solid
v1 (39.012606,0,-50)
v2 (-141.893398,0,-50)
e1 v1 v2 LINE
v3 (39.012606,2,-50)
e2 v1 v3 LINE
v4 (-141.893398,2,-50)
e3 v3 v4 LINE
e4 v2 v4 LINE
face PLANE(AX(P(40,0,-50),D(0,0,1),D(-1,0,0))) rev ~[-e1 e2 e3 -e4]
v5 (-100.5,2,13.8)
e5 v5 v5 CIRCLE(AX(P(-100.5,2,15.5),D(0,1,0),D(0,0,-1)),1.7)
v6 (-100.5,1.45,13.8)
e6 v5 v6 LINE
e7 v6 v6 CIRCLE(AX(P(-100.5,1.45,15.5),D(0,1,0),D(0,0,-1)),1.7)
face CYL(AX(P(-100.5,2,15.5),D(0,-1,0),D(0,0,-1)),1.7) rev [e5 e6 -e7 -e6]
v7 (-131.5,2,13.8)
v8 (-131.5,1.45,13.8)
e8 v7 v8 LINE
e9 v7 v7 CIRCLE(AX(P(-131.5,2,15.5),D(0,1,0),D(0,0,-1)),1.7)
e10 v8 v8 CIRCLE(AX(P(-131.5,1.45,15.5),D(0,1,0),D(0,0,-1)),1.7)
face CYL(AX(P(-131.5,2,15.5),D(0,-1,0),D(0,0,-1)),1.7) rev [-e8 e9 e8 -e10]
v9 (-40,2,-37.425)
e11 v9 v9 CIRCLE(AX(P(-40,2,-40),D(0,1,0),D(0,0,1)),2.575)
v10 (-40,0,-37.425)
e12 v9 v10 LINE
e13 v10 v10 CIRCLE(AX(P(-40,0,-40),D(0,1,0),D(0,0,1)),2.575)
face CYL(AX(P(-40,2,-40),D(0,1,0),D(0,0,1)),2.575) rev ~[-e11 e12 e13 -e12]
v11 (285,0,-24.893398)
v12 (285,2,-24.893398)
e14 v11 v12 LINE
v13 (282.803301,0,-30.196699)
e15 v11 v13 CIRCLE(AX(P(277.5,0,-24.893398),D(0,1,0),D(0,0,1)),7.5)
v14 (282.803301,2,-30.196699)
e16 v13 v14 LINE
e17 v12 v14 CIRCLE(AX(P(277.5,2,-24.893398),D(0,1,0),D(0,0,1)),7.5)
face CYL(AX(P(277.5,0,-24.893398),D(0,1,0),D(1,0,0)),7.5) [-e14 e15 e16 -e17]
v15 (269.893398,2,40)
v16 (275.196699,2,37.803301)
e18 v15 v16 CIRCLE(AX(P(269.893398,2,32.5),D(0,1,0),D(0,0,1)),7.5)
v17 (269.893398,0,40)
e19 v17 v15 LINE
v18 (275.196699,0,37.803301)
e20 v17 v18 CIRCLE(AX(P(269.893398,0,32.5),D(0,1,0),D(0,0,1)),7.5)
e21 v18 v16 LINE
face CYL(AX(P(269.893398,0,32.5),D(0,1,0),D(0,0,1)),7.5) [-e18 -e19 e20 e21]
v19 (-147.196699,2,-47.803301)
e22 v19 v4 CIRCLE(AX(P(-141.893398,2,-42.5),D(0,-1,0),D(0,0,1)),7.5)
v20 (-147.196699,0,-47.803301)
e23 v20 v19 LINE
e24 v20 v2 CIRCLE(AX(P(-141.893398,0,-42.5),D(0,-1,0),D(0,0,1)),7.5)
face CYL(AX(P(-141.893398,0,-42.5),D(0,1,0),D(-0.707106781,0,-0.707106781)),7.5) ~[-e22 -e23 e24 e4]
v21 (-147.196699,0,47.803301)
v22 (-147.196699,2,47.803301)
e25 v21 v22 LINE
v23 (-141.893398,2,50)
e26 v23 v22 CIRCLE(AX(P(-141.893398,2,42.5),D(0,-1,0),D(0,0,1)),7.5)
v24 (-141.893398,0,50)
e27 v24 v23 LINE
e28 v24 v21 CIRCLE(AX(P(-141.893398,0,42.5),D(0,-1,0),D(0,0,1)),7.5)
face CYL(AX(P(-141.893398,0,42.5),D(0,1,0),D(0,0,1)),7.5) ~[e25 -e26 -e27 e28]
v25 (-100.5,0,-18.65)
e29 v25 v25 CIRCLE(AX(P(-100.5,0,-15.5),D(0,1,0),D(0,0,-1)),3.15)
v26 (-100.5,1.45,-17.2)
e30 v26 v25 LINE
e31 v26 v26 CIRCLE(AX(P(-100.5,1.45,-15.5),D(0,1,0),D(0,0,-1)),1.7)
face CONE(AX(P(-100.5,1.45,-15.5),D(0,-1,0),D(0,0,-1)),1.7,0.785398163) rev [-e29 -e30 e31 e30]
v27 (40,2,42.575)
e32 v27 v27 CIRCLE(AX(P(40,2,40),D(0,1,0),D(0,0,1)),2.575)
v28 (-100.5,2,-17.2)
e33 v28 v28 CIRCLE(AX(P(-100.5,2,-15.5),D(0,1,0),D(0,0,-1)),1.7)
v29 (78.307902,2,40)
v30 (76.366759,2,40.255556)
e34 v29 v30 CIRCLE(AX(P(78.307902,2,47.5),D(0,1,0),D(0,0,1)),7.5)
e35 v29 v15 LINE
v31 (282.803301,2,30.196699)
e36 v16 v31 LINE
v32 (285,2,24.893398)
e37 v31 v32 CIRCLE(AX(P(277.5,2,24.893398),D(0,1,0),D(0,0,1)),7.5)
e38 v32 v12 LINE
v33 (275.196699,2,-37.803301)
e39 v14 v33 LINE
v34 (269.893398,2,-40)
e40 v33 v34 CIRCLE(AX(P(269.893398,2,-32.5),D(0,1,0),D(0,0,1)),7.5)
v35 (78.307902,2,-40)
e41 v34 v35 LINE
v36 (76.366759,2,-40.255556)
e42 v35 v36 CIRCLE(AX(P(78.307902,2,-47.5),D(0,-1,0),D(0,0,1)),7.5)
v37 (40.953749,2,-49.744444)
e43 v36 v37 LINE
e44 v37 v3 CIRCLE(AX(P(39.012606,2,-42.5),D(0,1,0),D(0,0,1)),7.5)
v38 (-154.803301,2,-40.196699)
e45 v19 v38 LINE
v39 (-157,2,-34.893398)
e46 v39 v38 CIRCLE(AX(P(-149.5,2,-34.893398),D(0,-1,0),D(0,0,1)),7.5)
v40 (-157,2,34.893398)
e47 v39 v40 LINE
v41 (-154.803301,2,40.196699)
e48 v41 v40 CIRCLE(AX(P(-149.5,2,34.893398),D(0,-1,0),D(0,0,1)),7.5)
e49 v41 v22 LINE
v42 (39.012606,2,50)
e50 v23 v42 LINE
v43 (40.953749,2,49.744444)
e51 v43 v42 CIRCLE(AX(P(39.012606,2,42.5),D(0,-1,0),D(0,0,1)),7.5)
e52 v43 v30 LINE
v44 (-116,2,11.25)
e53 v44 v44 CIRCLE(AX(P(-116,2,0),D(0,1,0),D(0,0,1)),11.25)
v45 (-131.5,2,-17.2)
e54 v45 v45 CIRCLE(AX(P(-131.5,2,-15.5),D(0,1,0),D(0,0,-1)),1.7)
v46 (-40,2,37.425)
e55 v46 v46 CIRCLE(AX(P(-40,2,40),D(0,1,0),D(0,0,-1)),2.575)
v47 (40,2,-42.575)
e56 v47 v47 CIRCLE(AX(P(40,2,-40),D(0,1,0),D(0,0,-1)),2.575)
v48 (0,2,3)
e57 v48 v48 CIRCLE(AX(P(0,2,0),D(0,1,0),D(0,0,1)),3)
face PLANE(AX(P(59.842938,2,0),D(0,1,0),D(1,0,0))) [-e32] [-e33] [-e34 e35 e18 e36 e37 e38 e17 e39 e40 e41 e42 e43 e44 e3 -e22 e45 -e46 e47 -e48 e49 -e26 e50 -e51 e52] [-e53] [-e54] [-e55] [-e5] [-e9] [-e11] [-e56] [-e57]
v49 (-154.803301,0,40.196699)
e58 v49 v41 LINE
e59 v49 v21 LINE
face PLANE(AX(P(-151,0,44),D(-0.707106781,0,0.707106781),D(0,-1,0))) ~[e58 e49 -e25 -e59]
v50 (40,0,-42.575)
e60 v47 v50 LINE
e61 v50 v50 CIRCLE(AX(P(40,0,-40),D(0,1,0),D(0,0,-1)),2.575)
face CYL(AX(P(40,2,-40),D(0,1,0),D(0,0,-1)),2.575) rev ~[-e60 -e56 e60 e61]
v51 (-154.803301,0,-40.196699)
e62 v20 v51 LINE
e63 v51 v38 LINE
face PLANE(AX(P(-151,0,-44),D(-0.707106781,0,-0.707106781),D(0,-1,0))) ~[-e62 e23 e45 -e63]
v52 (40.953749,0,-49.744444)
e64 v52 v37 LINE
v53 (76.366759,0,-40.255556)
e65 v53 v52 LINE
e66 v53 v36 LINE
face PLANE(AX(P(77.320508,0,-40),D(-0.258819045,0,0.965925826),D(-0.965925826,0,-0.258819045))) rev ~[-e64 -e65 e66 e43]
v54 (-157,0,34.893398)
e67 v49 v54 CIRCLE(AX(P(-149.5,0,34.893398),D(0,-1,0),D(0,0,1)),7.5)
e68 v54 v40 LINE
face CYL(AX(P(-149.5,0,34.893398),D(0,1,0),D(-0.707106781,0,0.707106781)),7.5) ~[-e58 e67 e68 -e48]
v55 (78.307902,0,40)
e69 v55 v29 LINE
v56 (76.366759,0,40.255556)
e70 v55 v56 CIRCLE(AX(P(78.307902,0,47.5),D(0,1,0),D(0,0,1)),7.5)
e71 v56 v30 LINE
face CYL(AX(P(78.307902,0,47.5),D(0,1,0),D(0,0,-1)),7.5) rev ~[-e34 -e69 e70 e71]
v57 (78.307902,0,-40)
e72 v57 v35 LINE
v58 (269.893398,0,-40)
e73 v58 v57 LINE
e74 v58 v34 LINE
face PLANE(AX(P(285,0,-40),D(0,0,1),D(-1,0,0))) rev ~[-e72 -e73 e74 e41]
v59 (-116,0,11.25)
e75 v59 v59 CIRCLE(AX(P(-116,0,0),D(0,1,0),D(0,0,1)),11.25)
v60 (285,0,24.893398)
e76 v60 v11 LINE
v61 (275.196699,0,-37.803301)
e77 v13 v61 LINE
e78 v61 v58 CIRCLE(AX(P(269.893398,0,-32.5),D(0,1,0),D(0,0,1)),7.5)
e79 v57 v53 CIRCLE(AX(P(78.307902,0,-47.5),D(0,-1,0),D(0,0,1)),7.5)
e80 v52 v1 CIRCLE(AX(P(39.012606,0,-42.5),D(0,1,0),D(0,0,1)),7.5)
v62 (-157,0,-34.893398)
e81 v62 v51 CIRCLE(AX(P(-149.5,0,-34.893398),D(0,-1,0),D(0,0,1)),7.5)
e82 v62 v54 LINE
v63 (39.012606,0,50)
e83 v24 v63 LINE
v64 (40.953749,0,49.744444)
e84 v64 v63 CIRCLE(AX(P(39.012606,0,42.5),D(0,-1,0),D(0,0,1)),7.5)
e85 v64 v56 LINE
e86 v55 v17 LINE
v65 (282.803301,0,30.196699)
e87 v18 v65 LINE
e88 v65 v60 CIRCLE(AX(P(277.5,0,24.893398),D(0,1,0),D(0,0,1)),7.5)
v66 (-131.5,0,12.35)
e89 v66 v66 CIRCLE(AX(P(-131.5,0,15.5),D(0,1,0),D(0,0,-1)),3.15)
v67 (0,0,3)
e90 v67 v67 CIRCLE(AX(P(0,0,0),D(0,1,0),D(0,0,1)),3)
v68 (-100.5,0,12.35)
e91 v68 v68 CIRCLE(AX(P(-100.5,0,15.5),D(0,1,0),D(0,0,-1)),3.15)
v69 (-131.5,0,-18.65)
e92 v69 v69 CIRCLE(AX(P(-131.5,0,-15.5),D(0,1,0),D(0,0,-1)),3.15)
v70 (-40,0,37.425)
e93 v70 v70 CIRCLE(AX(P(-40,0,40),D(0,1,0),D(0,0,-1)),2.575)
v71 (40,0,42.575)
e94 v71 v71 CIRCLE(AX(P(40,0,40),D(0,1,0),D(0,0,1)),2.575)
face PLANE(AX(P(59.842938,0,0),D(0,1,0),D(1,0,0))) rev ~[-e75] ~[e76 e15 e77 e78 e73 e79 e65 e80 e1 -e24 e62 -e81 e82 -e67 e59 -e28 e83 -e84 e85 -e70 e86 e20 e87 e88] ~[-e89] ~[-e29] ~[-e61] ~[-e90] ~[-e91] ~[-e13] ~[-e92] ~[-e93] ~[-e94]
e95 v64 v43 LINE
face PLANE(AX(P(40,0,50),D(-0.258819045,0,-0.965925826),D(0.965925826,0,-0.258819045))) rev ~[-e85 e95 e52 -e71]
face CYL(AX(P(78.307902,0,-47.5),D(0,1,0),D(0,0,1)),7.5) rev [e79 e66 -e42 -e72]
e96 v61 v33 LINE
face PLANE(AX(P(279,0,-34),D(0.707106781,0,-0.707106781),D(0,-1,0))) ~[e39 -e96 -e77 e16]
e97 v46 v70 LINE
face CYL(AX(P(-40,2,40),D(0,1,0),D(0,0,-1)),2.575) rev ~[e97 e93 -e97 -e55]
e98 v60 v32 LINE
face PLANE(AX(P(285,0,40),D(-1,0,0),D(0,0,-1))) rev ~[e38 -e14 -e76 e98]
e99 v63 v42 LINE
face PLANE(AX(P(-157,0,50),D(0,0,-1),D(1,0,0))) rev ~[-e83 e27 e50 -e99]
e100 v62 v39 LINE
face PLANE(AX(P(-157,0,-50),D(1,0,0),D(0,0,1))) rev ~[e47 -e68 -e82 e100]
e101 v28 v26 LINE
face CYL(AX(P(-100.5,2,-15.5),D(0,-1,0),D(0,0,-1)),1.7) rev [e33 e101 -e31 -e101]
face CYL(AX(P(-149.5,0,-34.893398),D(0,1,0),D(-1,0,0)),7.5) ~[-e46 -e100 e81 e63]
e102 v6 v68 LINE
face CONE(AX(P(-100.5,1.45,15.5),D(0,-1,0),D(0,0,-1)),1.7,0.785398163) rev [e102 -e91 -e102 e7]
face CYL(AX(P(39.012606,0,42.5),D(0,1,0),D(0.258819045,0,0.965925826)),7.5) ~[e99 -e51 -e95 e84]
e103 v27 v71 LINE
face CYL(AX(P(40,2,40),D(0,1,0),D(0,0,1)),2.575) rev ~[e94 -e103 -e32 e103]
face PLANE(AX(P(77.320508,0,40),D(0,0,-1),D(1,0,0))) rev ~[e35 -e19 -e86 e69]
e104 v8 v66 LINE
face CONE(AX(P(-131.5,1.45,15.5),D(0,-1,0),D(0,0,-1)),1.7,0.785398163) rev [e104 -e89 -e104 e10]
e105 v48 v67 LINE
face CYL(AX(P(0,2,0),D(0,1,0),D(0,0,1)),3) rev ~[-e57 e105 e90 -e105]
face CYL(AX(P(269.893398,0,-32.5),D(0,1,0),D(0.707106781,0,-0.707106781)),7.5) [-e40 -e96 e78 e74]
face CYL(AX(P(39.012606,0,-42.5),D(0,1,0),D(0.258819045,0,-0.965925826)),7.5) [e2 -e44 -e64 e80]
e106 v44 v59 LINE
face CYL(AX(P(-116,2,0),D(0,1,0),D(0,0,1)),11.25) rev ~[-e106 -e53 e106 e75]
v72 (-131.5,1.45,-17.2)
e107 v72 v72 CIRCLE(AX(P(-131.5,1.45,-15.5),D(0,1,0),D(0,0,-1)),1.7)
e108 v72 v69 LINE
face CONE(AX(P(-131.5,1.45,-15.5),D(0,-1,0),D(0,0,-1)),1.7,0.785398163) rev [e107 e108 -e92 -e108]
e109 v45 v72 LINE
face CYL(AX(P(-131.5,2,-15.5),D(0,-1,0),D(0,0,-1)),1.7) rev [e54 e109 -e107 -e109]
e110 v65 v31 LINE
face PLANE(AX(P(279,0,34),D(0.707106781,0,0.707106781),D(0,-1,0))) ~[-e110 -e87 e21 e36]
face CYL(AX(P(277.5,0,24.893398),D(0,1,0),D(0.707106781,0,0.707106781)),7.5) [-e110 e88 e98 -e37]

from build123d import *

# Parameters (mm, degrees)
BOSS_EXTRUDE2_DEPTH                          = 2
CHAMFER2_SIZE                                = 12
FILLET1_R                                    = 7.5
SKETCH2_R                                    = 2.575
SKETCH2_R_2                                  = 11.25
SKETCH2_R_3                                  = 3
CUT_EXTRUDE1_DEPTH                           = 290.359637821
CSK_FOR_M3_COUNTERSUNK_FLAT_HEAD_SCR_2_COUNT = 2
CSK_FOR_M3_COUNTERSUNK_FLAT_HEAD_SCR_2_PITCH = 31
CSK_FOR_M3_COUNTERSUNK_FLAT_HEAD_SCR_3_COUNT = 2
CSK_FOR_M3_COUNTERSUNK_FLAT_HEAD_SCR_3_PITCH = 43.840620434
CSK_FOR_M3_COUNTERSUNK_FLAT_HEAD_SCR_4_COUNT = 2
CSK_FOR_M3_COUNTERSUNK_FLAT_HEAD_SCR_4_PITCH = 31


with BuildPart() as part:
    # Sketch1 → Boss-Extrude2 (new body)
    with BuildSketch(Plane(origin=(0, 0, 0), x_dir=(1, 0, 0), z_dir=(0, 1, 0))):
        Polygon((40, -50), (77.320508076, -40), (285, -40), (285, 40), (77.320508076, 40), (40, 50), (-40, 50), (-157, 50), (-157, -50), (-40, -50), align=None)
    extrude(amount=BOSS_EXTRUDE2_DEPTH)

    # Chamfer2
    chamfer2_edges = [part.edges().sort_by_distance(p)[0] for p in [
        (-157, 1, 50),
        (-157, 1, -50),
        (285, 1, -40),
        (285, 1, 40),
    ]]
    chamfer(chamfer2_edges, length=CHAMFER2_SIZE)

    # Fillet1
    fillet1_edges = [part.edges().sort_by_distance(p)[0] for p in [
        (40, 1, -50),
        (77.320508076, 1, -40),
        (77.320508076, 1, 40),
        (40, 1, 50),
        (-145, 1, 50),
        (-157, 1, -38),
        (-157, 1, 38),
        (-145, 1, -50),
        (273, 1, -40),
        (285, 1, 28),
        (285, 1, -28),
        (273, 1, 40),
    ]]
    fillet(fillet1_edges, radius=FILLET1_R)

    # Sketch2 → Cut-Extrude1 (cut, through all)
    with BuildSketch(Plane(origin=(0, 2, 0), x_dir=(1, 0, 0), z_dir=(0, 1, 0))):
        with Locations(Location((-40, 40, 0), (0, 0, 270))):
            Circle(SKETCH2_R)
        with Locations(Location((40, 40, 0), (0, 0, 90))):
            Circle(SKETCH2_R)
        with Locations(Location((40, -40, 0), (0, 0, 270))):
            Circle(SKETCH2_R)
        with Locations(Location((-40, -40, 0), (0, 0, 90))):
            Circle(SKETCH2_R)
        with Locations(Location((-116, 0, 0), (0, 0, 270))):
            Circle(SKETCH2_R_2)
        with Locations(Location((0, 0, 0), (0, 0, 270))):
            Circle(SKETCH2_R_3)
    extrude(amount=-CUT_EXTRUDE1_DEPTH, mode=Mode.SUBTRACT)

    # Sketch4 → CSK for M3 Countersunk Flat Head Screw2 (revolve, cut)
    with BuildSketch(Plane(origin=(-131.5, 0, -15.5), x_dir=(0, 0, -1), z_dir=(1, 0, 0))):
        Polygon((0, 0), (0, 2), (1.7, 2), (1.7, 1.45), (3.15, 0), align=None)
    csk_for_m3_countersunk_flat_head_screw2 = revolve(axis=Axis((-131.5, -6.35, -15.5), (0, 1, 0)), mode=Mode.SUBTRACT)

    # CSK for M3 Countersunk Flat Head Scr 2: CSK for M3 Countersunk Flat Head Screw2 ×2
    with Locations(*[(0, 0, i * CSK_FOR_M3_COUNTERSUNK_FLAT_HEAD_SCR_2_PITCH) for i in range(1, CSK_FOR_M3_COUNTERSUNK_FLAT_HEAD_SCR_2_COUNT)]):
        add(csk_for_m3_countersunk_flat_head_screw2, mode=Mode.SUBTRACT)

    # CSK for M3 Countersunk Flat Head Scr 3: CSK for M3 Countersunk Flat Head Screw2 ×2
    with Locations(*[Vector(0.707106781186545, 0, 0.70710678118655) * (i * CSK_FOR_M3_COUNTERSUNK_FLAT_HEAD_SCR_3_PITCH) for i in range(1, CSK_FOR_M3_COUNTERSUNK_FLAT_HEAD_SCR_3_COUNT)]):
        add(csk_for_m3_countersunk_flat_head_screw2, mode=Mode.SUBTRACT)

    # CSK for M3 Countersunk Flat Head Scr 4: CSK for M3 Countersunk Flat Head Screw2 ×2
    with Locations(*[(i * CSK_FOR_M3_COUNTERSUNK_FLAT_HEAD_SCR_4_PITCH, 0, 0) for i in range(1, CSK_FOR_M3_COUNTERSUNK_FLAT_HEAD_SCR_4_COUNT)]):
        add(csk_for_m3_countersunk_flat_head_screw2, mode=Mode.SUBTRACT)


solid = part.part
